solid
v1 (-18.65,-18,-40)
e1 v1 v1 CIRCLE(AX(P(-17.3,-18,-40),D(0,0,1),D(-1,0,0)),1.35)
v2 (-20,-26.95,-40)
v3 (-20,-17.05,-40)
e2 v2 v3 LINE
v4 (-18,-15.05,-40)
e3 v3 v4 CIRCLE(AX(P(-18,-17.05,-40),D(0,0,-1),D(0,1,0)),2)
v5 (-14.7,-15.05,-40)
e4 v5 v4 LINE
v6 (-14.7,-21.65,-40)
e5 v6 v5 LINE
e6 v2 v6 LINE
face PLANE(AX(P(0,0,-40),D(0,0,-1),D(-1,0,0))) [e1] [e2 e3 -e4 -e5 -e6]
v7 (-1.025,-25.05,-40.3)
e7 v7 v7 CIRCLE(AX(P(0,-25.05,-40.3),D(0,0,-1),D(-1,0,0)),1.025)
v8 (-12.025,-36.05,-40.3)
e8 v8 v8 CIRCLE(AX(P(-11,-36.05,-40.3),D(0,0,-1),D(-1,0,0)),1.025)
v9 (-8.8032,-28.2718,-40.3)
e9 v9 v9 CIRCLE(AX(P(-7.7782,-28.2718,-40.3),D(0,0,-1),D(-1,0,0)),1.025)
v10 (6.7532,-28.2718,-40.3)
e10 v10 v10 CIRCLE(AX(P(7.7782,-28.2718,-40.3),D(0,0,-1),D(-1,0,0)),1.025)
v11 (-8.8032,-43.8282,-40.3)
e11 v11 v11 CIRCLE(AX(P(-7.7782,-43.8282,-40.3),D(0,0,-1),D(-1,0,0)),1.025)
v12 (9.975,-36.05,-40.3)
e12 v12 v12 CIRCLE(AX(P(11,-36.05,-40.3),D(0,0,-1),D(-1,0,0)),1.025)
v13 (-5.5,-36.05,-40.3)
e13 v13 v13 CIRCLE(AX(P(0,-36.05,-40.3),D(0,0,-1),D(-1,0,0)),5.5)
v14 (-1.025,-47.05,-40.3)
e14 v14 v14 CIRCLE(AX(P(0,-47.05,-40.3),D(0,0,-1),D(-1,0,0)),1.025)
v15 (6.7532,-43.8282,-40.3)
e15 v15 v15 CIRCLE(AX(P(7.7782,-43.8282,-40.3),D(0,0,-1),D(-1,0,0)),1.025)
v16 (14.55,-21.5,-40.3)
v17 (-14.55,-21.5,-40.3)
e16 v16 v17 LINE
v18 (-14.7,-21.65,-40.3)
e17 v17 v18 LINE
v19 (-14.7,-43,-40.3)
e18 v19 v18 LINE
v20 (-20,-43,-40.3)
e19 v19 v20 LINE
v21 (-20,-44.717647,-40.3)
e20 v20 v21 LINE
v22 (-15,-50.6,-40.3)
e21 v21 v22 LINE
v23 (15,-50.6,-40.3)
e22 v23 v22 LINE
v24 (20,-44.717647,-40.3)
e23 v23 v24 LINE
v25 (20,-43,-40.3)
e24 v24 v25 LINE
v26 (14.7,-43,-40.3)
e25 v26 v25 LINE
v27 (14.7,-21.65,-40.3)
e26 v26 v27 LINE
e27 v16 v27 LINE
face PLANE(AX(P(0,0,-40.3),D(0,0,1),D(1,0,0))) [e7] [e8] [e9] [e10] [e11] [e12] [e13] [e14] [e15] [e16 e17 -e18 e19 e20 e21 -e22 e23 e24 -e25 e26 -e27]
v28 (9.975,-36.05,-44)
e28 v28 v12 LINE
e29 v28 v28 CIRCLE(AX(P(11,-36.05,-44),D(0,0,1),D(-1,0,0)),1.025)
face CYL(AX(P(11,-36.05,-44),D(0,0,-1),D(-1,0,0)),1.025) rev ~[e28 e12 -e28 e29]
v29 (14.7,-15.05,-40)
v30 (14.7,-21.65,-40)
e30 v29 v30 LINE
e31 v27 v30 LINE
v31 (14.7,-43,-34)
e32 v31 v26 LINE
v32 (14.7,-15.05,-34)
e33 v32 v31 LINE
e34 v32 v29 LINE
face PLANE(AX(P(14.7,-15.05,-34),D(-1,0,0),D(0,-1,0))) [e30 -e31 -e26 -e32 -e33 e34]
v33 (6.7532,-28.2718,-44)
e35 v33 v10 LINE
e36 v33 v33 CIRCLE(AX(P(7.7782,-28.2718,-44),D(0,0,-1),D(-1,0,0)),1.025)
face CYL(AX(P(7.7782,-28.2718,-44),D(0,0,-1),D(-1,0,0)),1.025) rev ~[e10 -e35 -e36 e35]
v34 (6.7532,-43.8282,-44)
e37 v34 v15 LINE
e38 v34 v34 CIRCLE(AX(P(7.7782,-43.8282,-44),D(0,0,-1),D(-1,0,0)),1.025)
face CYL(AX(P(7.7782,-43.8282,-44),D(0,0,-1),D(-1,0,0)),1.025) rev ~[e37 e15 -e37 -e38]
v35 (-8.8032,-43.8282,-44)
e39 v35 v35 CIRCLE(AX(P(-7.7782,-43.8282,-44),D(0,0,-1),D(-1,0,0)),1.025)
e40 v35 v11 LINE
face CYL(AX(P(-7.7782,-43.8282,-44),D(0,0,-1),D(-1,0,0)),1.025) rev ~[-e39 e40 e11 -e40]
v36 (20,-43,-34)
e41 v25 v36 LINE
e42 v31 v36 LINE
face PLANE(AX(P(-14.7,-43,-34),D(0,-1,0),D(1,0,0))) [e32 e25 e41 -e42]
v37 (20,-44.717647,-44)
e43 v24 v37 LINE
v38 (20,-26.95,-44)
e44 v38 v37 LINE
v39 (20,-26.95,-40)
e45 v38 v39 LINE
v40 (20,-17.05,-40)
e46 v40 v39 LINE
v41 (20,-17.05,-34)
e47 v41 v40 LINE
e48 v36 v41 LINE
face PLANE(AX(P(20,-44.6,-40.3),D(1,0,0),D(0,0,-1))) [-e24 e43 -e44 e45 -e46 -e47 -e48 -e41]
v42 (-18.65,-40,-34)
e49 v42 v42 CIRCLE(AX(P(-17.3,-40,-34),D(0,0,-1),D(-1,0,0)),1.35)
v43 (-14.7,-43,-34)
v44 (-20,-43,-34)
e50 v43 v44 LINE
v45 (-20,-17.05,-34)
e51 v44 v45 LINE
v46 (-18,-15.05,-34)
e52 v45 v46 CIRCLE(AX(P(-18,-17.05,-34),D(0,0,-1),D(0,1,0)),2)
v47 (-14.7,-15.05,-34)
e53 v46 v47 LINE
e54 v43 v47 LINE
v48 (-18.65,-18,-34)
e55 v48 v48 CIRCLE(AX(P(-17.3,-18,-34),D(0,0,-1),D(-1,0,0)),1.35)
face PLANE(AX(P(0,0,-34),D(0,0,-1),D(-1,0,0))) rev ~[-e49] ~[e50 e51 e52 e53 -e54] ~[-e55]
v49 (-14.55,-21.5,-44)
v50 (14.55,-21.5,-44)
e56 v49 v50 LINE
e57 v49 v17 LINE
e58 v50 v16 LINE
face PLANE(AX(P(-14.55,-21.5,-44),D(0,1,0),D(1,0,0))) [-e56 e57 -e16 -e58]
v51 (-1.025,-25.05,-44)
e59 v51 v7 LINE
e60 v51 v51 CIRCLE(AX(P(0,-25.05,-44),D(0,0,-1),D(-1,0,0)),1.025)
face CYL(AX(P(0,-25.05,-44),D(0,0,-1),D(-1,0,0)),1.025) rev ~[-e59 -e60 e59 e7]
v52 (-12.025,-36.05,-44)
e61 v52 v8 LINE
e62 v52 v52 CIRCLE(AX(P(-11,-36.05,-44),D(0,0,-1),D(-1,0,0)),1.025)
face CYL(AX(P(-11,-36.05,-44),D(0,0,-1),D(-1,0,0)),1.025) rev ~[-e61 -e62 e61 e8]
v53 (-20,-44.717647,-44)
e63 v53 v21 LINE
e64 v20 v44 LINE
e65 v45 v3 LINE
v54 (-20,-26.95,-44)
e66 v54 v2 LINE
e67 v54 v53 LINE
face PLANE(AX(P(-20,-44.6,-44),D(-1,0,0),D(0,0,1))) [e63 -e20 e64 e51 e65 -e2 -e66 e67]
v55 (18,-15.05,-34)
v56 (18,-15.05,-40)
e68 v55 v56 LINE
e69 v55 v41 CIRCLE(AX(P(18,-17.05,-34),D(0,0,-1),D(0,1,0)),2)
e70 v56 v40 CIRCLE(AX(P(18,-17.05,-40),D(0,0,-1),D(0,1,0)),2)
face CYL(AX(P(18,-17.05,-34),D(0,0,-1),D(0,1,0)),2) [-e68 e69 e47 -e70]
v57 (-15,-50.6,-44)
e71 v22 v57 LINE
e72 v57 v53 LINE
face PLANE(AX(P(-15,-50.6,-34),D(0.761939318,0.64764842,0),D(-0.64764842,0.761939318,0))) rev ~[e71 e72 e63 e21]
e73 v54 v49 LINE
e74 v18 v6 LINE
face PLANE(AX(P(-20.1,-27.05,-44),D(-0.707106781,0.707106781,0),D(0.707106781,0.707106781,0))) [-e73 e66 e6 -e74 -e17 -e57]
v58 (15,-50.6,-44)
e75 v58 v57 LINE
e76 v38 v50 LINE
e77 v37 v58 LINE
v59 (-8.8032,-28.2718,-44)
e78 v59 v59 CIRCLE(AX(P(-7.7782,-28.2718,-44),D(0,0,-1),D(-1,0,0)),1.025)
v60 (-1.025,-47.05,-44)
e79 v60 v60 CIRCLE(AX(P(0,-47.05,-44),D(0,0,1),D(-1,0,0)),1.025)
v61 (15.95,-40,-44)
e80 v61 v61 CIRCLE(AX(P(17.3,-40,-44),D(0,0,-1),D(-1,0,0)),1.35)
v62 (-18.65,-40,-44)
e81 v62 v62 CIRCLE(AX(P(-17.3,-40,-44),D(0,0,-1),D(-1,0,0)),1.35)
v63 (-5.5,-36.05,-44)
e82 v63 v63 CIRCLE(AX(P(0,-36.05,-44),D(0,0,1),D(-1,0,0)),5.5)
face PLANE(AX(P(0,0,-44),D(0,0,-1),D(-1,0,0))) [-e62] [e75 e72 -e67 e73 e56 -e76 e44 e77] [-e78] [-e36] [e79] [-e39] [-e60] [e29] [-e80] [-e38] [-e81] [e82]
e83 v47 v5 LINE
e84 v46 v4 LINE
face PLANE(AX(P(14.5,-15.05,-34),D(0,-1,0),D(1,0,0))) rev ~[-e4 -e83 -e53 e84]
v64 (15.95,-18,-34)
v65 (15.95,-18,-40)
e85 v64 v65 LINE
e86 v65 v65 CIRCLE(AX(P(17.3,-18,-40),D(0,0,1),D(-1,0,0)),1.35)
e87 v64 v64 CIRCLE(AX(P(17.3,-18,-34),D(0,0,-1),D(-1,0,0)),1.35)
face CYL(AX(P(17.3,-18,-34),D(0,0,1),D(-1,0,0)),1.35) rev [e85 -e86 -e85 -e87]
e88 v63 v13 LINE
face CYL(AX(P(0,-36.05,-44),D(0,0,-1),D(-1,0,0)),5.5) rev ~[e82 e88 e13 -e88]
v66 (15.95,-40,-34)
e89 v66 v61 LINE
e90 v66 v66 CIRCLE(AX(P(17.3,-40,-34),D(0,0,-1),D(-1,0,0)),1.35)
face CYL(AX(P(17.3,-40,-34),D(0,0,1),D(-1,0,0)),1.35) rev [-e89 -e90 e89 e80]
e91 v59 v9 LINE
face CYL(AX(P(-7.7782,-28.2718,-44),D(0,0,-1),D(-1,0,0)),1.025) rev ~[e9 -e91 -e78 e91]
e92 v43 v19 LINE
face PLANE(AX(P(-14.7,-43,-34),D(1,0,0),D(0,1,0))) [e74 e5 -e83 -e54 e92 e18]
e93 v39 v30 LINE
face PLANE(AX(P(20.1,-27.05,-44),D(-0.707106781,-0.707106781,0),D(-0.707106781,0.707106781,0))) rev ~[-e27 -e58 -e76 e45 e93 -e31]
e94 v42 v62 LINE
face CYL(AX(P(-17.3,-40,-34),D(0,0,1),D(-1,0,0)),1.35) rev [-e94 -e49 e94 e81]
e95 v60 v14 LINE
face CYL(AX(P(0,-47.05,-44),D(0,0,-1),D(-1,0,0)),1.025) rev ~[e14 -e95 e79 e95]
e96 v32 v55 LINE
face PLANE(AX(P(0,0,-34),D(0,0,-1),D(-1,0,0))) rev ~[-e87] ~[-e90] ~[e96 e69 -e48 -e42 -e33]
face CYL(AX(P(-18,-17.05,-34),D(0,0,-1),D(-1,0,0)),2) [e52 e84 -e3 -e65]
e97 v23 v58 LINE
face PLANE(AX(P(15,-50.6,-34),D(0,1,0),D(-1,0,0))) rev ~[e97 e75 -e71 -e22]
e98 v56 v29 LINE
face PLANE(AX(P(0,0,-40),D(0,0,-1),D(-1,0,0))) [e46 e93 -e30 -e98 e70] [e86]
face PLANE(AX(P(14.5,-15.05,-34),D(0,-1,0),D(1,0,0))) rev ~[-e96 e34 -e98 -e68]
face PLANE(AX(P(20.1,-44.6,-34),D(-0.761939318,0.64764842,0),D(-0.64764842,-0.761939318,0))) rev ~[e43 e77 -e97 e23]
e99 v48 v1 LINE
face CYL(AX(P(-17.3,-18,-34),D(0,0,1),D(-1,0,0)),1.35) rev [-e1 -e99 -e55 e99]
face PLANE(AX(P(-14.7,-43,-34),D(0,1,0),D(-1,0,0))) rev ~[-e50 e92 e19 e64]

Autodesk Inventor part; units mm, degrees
ref_plane "YZ Plane" through (0, 0, 0) normal (1, 0, 0) x (0, 1, 0)
ref_plane "Work Plane1" through (0, 0, -34) normal (0, 0, -1) x (-1, 0, 0)
sketch "Sketch1" plane through (0, 0, -34) normal (0, 0, -1) x (-1, 0, 0)
  line L0 (-15, 14.5) -> (-11.5, 14.5) projected
  line L1 (-15, 14.5) -> (-20.1, 8.5) projected
  line L2 (-20.1, 8.5) -> (-20.1, -44.6) projected
  line L3 (-20.1, -44.6) -> (-15, -50.6) projected
  line L4 (-15, -50.6) -> (15, -50.6) projected
  line L5 (15, -50.6) -> (20.1, -44.6) projected
  line L6 (20.1, -44.6) -> (20.1, 8.5) projected
  line L7 (20.1, 8.5) -> (15, 14.5) projected
  line L8 (11.5, 14.5) -> (15, 14.5) projected
  arc A0 (14.5, 11.5) -> (11.5, 14.5) centre (11.5, 11.5) ccw projected
  line L9 (14.5, -42) -> (14.5, 11.5) projected
  arc A1 (11.5, -45) -> (14.5, -42) centre (11.5, -42) ccw projected
  line L10 (-11.5, -45) -> (11.5, -45) projected
  arc A2 (-14.5, -42) -> (-11.5, -45) centre (-11.5, -42) ccw projected
  line L11 (-14.5, 11.5) -> (-14.5, -42) projected
  arc A3 (-11.5, 14.5) -> (-14.5, 11.5) centre (-11.5, 11.5) ccw projected
  circle A4 centre (17.3, 4) radius 1.35 projected
  circle A5 centre (17.3, -18) radius 1.35 projected
  circle A6 centre (17.3, -40) radius 1.35 projected
  circle A7 centre (11, -47.8) radius 1.35 projected
  circle A8 centre (-17.3, 4) radius 1.35 projected
  circle A9 centre (-17.3, -18) radius 1.35 projected
  circle A10 centre (-17.3, -40) radius 1.35 projected
  circle A11 centre (-11, -47.8) radius 1.35 projected
  line L12 (-20.1, -18.05) -> (-20.1, -15.05)
  line L13 (-20.1, -18.05) -> (-17.1, -18.05) construction
  line L14 (-20.1, -18.05) -> (-20.1, -44.6)
  line L15 (-20.1, -44.6) -> (-15, -50.6)
  line L16 (-15, -50.6) -> (15, -50.6)
  line L17 (15, -50.6) -> (20.1, -44.6)
  line L18 (20.1, -44.6) -> (20.1, -18.05)
  line L19 (20.1, -18.05) -> (20.1, -15.05)
  line L20 (20.1, -18.05) -> (23.1, -18.05) construction
  line L21 (20.1, -15.05) -> (-20.1, -15.05)
  point P0 (0, 0)
  dimension "d0" = 3
  dimension "d1" = 90
  dimension "d2" = 3
  dimension "d3" = 90
ref_plane "Work Plane2" through (-19.4786, -19.4786, -43.1) normal (0, 0, -1) x (-0.6619, 0.7496, 0)
extrude "Extrusion1" add sketch "Sketch1" along normal blind 10 contours L21 L11 A2 L10 A1 L9 L6 L5 L4 L3 L2 | L21 L9 A1 L10 A2 L11 | A7 | A11
sketch "Sketch2" plane through (0, 0, -34) normal (0, 0, 1) x (1, 0, 0)
  line L0 (15, 14.5) -> (11.5, 14.5) projected
  line L1 (15, 14.5) -> (20.1, 8.5) projected
  line L2 (20.1, 8.5) -> (20.1, -44.6) projected
  line L3 (20.1, -44.6) -> (15, -50.6) projected
  line L4 (15, -50.6) -> (-15, -50.6) projected
  line L5 (-15, -50.6) -> (-20.1, -44.6) projected
  line L6 (-20.1, -44.6) -> (-20.1, 8.5) projected
  line L7 (-20.1, 8.5) -> (-15, 14.5) projected
  line L8 (-11.5, 14.5) -> (-15, 14.5) projected
  arc A0 (-11.5, 14.5) -> (-14.5, 11.5) centre (-11.5, 11.5) ccw projected
  line L9 (-14.5, -42) -> (-14.5, 11.5) projected
  arc A1 (-14.5, -42) -> (-11.5, -45) centre (-11.5, -42) ccw projected
  line L10 (11.5, -45) -> (-11.5, -45) projected
  arc A2 (11.5, -45) -> (14.5, -42) centre (11.5, -42) ccw projected
  line L11 (14.5, 11.5) -> (14.5, -42) projected
  arc A3 (14.5, 11.5) -> (11.5, 14.5) centre (11.5, 11.5) ccw projected
  circle A4 centre (-17.3, 4) radius 1.35 projected
  circle A5 centre (-17.3, -18) radius 1.35 projected
  circle A6 centre (-17.3, -40) radius 1.35 projected
  circle A7 centre (-11, -47.8) radius 1.35 projected
  circle A8 centre (17.3, 4) radius 1.35 projected
  circle A9 centre (17.3, -18) radius 1.35 projected
  circle A10 centre (17.3, -40) radius 1.35 projected
  circle A11 centre (11, -47.8) radius 1.35 projected
  line L12 (-20.1, -15.05) -> (20.1, -15.05) projected
  line L13 (14.5, -15.05) -> (14.7, -15.05)
  line L14 (14.7, -15.05) -> (14.7, -40)
  line L15 (14.7, -15.05) -> (39.65, -15.05) construction
  line L16 (14.7, -40) -> (14.7, -43)
  line L17 (14.7, -43) -> (-14.7, -43)
  line L18 (-14.7, -43) -> (-14.7, -15.05)
  line L19 (-14.7, -15.05) -> (14.7, -15.05)
  line L20 (14.7, -15.05) -> (14.7, -43)
  point P0 (0, 0)
  dimension "d6" = 0.2
  dimension "d8" = 90
  dimension "d9" = 3
  dimension "d10" = 29.4
  dimension "d11" = 27.95
extrude "Extrusion2" cut sketch "Sketch2" against normal blind 6.3 contours L12 L14 L16 L17 A2 L11 | L11 A2 L17 A1 L9 L12 | L9 A1 L17 L18 L12
sketch "Sketch4" plane through (0, 0, -34) normal (0, 0, 1) x (1, 0, 0)
  line L0 (-14.7, -43) -> (-14.7, -15.05) projected
  line L1 (-14.7, -43) -> (-20.1, -43)
  line L2 (-20.1, -44.6) -> (-20.1, -15.05) projected
  line L3 (-20.1, -43) -> (20.1, -43)
  line L4 (20.1, -43) -> (20.1, -50.6)
  line L5 (20.1, -50.6) -> (-20.1, -50.6)
  line L6 (-20.1, -50.6) -> (-20.1, -43)
  point P0 (0, 0)
  dimension "d14" = 7.6
  dimension "d15" = 40.2
extrude "Extrusion3" cut sketch "Sketch4" against normal blind 6.3
sketch "Sketch5" plane through (0, 0, -44) normal (0, 0, -1) x (-1, 0, 0)
  line L0 (-20.1, -15.05) -> (-20.1, -44.6) projected
  line L1 (-20.1, -15.05) -> (-20.1, -36.05)
  line L2 (-20.1, -15.05) -> (0.9, -15.05) construction
  line L3 (-20.1, -36.05) -> (0, -36.05)
  line L4 (-20.1, -36.05) -> (0, -36.05) construction
  circle A0 centre (0, -36.05) radius 5.5
  line L5 (0, -36.05) -> (0, -47.05)
  line L6 (0, -36.05) -> (11, -36.05) construction
  circle A1 centre (0, -47.05) radius 1.025
  circle A2 centre (7.7782, -43.8282) radius 1.025
  circle A3 centre (11, -36.05) radius 1.025
  circle A4 centre (7.7782, -28.2718) radius 1.025
  circle A5 centre (0, -25.05) radius 1.025
  circle A6 centre (-7.7782, -28.2718) radius 1.025
  circle A7 centre (-11, -36.05) radius 1.025
  circle A8 centre (-7.7782, -43.8282) radius 1.025
  point P0 (0, 0)
  dimension "d18" = 21
  dimension "d19" = 90
  dimension "d23" = 20.1
  dimension "d24" = 0
  dimension "d25" = 11
  dimension "d26" = 11
  dimension "d27" = 90
  dimension "d28" = 2.05
  dimension "d31" = 360
extrude "Extrusion4" cut sketch "Sketch5" against normal up to surface (3.7 mm away)
sketch "Sketch7" plane through (0, 0, -44) normal (0, 0, -1) x (-1, 0, 0)
  circle A0 centre (-7.7782, -43.8282) radius 1.025 construction
  circle A1 centre (0, -36.05) radius 5.5 construction
  circle A2 centre (-11, -36.05) radius 1.025 construction
  circle A3 centre (0, -25.05) radius 1.025 construction
  circle A4 centre (11, -36.05) radius 1.025 construction
  circle A5 centre (0, -47.05) radius 1.025 construction
  circle A6 centre (7.7782, -43.8282) radius 1.025 construction
  circle A7 centre (7.7782, -28.2718) radius 1.025 construction
  circle A8 centre (-7.7782, -28.2718) radius 1.025 construction
  circle A9 centre (-17.3, -40) radius 1.35 construction
  circle A10 centre (-17.3, -18) radius 1.35 construction
  circle A11 centre (17.3, -40) radius 1.35 construction
  circle A12 centre (17.3, -18) radius 1.35 construction
  line L0 (-20.1, -44.6) -> (-15, -50.6) construction
  line L1 (-15, -50.6) -> (15, -50.6) construction
  line L2 (15, -50.6) -> (20.1, -44.6) construction
  line L3 (20.1, -44.6) -> (20.1, -15.05) construction
  line L4 (20.1, -15.05) -> (-20.1, -15.05) construction
  line L5 (-20.1, -15.05) -> (-20.1, -44.6) construction
  line L6 (-20.1, -15.05) -> (-20.1, -27.05)
  line L7 (-20.1, -15.05) -> (-20.1, -44.6) construction
  line L8 (-20.1, -15.05) -> (-8.1, -15.05)
  line L9 (0, -15.05) -> (0, -21.5) construction
  line L10 (0, -21.5) -> (20.1, -21.5) construction
  line L11 (0, -21.5) -> (20.1, -21.5) construction
  line L12 (0, -21.5) -> (-20.1, -21.5) construction
  line L13 (0, -21.5) -> (20.1, -21.5) construction
  line L14 (-20.1, -27.05) -> (-14.55, -21.5)
  line L15 (-20.1, -27.05) -> (-12.2511, -27.05) construction
  line L16 (0, -15.05) -> (20.1, -15.05)
  line L17 (20.1, -15.05) -> (20.1, -27.05)
  line L18 (20.1, -27.05) -> (14.55, -21.5)
  line L19 (14.55, -21.5) -> (-14.55, -21.5)
  line L20 (-14.7, -15.05) -> (-20.1, -15.05) projected
  line L21 (-20.1, -15.05) -> (20.1, -15.05)
  point P0 (0, 0)
  dimension "d40" = 12
  dimension "d41" = 90
  dimension "d42" = 6.45
  dimension "d43" = 20.1
  dimension "d44" = 0
  dimension "d45" = 20.1
  dimension "d46" = 180
  dimension "d47" = 45
  dimension "d48" = 12
  dimension "d49" = 90
  dimension "d50" = 45
extrude "Extrusion5" cut sketch "Sketch7" against normal blind 4
sketch "Sketch10" plane through (20.1, -44.6, -40.3) normal (1, 0, 0) x (0, 0, -1)
  line L0 (3.7, 17.55) -> (-0.3, 17.55) construction
  line L1 (-0.3, 17.55) -> (-0.3, 29.55) construction
  line L2 (-6.3, 29.55) -> (-0.3, 29.55) construction
  line L3 (-6.3, 29.55) -> (-6.3, 1.6) construction
  line L4 (-6.3, 1.6) -> (0, 1.6) construction
  line L5 (0, 1.6) -> (0, 0) construction
  line L6 (0, 0) -> (3.7, 0) construction
  line L7 (3.7, 17.55) -> (3.7, 0) construction
  line L8 (0, 0) -> (0, -6) construction
  line L9 (0, -6) -> (3.7, -6) construction
  line L10 (3.7, 0) -> (3.7, -6) construction
  line L11 (0, 0) -> (3.7, 0) construction
  line L12 (-6.3, 29.55) -> (-0.3, 29.55) projected
  line L13 (-6.3, 29.55) -> (3.7, 29.55)
  line L14 (3.7, 29.55) -> (3.7, -6)
  line L15 (3.7, -6) -> (-6.3, -6)
  line L16 (-6.3, -6) -> (-6.3, 29.55)
  point P0 (-40.3, 44.6)
sketch "Sketch12" plane through (-20.1, -44.6, -44) normal (-1, 0, 0) x (0, 0, 1)
  line L0 (4, 17.55) -> (0, 17.55) construction
  line L1 (0, 0) -> (0, 17.55) construction
  line L2 (3.7, 0) -> (0, 0) construction
  line L3 (3.7, 0) -> (3.7, 1.6) construction
  line L4 (3.7, 1.6) -> (10, 1.6) construction
  line L5 (10, 1.6) -> (10, 29.55) construction
  line L6 (10, 29.55) -> (4, 29.55) construction
  line L7 (4, 29.55) -> (4, 17.55) construction
  line L8 (3.7, -6) -> (3.7, 0) construction
  line L9 (3.7, 0) -> (0, 0) construction
  line L10 (0, -6) -> (0, 0) construction
  line L11 (3.7, -6) -> (0, -6) construction
  line L12 (10, 29.55) -> (4, 29.55) projected
  line L13 (3.7, -6) -> (0, -6) projected
  line L14 (10, 29.55) -> (0, 29.55)
  line L15 (0, 29.55) -> (0, -6)
  line L16 (0, -6) -> (10, -6)
  line L17 (10, -6) -> (10, 29.55)
  point P0 (44, 44.6)
extrude "Extrusion8" cut sketch "Sketch10" against normal blind 0.1
extrude "Extrusion9" cut sketch "Sketch12" against normal blind 0.1
fillet "Fillet2" radius 2 2 edges at (-20, -15.05, -37) (20, -15.05, -37)
properties part number "knee_connector_new"
